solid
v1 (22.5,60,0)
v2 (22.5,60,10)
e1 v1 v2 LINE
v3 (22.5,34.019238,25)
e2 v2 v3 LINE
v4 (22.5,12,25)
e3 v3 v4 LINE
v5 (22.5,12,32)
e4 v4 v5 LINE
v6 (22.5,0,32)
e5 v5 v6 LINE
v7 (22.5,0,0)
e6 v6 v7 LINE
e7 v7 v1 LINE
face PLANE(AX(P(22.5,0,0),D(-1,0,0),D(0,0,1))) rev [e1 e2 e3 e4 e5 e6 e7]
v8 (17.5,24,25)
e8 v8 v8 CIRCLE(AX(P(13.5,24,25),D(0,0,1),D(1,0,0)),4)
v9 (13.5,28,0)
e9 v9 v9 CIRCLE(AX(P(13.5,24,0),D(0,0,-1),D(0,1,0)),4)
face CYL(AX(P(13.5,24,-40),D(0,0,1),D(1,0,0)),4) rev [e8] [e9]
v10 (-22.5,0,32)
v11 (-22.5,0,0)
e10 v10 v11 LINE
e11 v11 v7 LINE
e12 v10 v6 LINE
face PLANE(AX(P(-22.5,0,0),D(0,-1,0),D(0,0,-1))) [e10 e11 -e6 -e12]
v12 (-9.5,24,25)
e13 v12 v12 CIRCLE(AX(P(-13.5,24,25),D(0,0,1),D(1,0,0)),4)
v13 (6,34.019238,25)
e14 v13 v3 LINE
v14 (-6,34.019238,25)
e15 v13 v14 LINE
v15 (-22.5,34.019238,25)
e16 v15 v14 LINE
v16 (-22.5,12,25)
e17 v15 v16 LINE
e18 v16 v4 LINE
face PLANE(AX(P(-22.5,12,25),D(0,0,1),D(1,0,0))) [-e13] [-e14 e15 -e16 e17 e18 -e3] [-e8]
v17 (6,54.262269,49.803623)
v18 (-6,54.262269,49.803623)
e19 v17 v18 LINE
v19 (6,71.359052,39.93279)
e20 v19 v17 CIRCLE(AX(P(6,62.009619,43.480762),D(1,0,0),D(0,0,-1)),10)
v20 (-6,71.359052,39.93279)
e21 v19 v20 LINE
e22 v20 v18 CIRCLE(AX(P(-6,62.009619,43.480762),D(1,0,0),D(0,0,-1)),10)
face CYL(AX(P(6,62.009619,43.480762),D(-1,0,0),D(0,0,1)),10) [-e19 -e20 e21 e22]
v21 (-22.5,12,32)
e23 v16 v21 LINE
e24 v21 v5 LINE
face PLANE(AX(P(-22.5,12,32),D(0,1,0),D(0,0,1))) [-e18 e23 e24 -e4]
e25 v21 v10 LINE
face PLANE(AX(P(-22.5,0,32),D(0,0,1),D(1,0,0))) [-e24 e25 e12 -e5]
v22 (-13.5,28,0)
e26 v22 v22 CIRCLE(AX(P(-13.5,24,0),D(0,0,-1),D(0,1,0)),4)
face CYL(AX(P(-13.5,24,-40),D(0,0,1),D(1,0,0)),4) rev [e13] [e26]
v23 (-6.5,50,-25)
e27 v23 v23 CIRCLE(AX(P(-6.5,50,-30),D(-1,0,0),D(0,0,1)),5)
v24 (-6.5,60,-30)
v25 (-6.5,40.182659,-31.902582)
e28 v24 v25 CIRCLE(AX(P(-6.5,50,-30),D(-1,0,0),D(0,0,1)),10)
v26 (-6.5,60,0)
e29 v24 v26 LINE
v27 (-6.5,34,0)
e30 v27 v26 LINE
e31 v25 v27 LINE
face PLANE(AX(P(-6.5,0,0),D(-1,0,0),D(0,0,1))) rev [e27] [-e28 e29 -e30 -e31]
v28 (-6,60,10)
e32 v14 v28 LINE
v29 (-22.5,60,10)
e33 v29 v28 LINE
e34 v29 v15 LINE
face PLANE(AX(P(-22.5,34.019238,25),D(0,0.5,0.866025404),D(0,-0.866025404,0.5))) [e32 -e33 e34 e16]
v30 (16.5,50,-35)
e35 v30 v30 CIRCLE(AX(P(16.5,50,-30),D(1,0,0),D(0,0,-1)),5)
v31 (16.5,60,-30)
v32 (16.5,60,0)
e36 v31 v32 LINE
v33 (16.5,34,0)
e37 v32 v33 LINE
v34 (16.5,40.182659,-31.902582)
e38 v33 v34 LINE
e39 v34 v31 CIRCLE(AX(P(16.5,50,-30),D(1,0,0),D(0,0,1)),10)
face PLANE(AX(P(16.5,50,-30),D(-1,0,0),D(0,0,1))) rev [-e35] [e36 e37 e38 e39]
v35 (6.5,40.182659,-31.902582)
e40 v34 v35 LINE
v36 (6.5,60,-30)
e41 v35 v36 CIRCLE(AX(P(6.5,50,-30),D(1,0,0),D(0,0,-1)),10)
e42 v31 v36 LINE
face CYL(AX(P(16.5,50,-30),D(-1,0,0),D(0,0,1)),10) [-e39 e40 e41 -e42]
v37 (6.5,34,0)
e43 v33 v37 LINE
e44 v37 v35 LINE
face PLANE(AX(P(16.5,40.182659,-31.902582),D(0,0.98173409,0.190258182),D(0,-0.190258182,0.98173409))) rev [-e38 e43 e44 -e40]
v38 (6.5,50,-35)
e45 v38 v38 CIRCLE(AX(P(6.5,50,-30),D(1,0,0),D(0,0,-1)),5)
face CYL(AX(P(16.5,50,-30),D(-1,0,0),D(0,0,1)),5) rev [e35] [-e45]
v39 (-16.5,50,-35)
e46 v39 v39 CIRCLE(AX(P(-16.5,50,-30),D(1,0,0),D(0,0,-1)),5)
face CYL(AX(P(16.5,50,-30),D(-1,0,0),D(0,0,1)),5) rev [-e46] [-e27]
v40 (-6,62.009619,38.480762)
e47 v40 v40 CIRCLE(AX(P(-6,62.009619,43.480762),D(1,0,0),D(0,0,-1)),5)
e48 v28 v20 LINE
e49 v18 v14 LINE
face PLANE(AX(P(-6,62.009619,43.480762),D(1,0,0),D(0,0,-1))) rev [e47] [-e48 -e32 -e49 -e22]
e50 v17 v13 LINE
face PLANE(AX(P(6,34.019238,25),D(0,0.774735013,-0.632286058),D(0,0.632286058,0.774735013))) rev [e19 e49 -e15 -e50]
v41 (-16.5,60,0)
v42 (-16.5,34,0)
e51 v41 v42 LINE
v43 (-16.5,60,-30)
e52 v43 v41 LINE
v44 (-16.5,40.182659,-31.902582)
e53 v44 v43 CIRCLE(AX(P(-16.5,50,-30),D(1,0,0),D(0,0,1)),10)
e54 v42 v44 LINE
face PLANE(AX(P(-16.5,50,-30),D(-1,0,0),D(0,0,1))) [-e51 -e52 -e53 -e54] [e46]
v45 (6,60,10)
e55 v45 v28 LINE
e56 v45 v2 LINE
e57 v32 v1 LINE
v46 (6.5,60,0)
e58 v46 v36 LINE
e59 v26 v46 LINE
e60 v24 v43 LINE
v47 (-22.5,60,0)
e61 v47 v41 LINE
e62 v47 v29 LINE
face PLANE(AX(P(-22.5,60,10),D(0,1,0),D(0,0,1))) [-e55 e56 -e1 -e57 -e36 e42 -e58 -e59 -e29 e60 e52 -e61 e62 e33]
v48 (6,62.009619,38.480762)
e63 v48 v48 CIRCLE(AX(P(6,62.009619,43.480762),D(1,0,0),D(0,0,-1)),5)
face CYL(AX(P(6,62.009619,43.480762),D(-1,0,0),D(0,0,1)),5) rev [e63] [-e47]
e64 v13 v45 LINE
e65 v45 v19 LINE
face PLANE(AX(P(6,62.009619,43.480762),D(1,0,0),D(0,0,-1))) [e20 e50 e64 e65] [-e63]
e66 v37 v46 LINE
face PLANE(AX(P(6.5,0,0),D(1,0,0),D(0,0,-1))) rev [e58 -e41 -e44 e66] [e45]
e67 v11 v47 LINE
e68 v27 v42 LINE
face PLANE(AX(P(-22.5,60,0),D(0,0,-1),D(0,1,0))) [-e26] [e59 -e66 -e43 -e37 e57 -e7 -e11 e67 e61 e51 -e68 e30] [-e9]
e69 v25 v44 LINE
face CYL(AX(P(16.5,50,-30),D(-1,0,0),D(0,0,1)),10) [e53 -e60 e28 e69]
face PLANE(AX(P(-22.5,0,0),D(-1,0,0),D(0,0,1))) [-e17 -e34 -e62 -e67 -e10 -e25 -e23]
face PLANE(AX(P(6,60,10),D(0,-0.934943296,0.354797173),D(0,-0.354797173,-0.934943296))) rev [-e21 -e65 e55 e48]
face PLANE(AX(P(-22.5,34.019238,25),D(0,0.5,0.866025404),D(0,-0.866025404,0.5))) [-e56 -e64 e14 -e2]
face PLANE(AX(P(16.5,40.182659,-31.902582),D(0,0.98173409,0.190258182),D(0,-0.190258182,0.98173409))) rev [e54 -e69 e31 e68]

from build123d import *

# Parameters (mm, degrees)
BOSS_EXTRUDE1_DEPTH = 22.5
SKETCH2_R           = 5
BOSS_EXTRUDE2_DEPTH = 16.5
SKETCH3_W           = 13
SKETCH3_H           = 52.478254128
CUT_EXTRUDE1_DEPTH  = 76.539724649
SKETCH4_R           = 5
BOSS_EXTRUDE3_DEPTH = 6
SKETCH5_R           = 4
CUT_EXTRUDE2_DEPTH  = 100.582303751


with BuildPart() as part:
    # Sketch1 → Boss-Extrude1 (new, symmetric)
    with BuildSketch(Plane(origin=(0, 0, 0), x_dir=(0, 0, -1), z_dir=(1, 0, 0))):
        Polygon((0, 60), (0, 0), (-32, 0), (-32, 12), (-25, 12), (-25, 34.019237886), (-10, 60), align=None)
    extrude(amount=BOSS_EXTRUDE1_DEPTH, both=True)

    # Sketch2 → Boss-Extrude2 (add, symmetric)
    with BuildSketch(Plane(origin=(0, 0, 0), x_dir=(0, 0, -1), z_dir=(1, 0, 0))):
        with BuildLine():
            Line((0, 60), (30, 60))
            ThreePointArc((30, 60), (39.954230484, 50.95566494), (31.902581816, 40.182659096))
            Line((31.902581816, 40.182659096), (0, 34))
            Line((0, 34), (0, 60))
        make_face()
        with Locations((30, 50)):
            Circle(SKETCH2_R, mode=Mode.SUBTRACT)
    extrude(amount=BOSS_EXTRUDE2_DEPTH, both=True)

    # Sketch3 → Cut-Extrude1 (cut, through all)
    with BuildSketch(Plane(origin=(0, 60, 0), x_dir=(1, 0, 0), z_dir=(0, 1, 0))):
        with Locations((0, 26.239127064)):
            Rectangle(SKETCH3_W, SKETCH3_H)
    extrude(amount=-CUT_EXTRUDE1_DEPTH, mode=Mode.SUBTRACT)

    # Sketch4 → Boss-Extrude3 (add, symmetric)
    with BuildSketch(Plane(origin=(0, 0, 0), x_dir=(0, 0, -1), z_dir=(1, 0, 0))):
        with BuildLine():
            Line((-10, 60), (-39.932790381, 71.359051898))
            ThreePointArc((-39.932790381, 71.359051898), (-52.141016151, 67.009618943), (-49.803622697, 54.262268813))
            Line((-49.803622697, 54.262268813), (-25, 34.019237886))
            Line((-25, 34.019237886), (-10, 60))
        make_face()
        with Locations((-43.480762114, 62.009618943)):
            Circle(SKETCH4_R, mode=Mode.SUBTRACT)
    extrude(amount=BOSS_EXTRUDE3_DEPTH, both=True)

    # Sketch5 → Cut-Extrude2 (cut, through all)
    with BuildSketch(Plane.XY.offset(25)):
        with Locations((-13.5, 24)):
            Circle(SKETCH5_R)
        with Locations((13.5, 24)):
            Circle(SKETCH5_R)
    extrude(amount=-CUT_EXTRUDE2_DEPTH, mode=Mode.SUBTRACT)


solid = part.part
